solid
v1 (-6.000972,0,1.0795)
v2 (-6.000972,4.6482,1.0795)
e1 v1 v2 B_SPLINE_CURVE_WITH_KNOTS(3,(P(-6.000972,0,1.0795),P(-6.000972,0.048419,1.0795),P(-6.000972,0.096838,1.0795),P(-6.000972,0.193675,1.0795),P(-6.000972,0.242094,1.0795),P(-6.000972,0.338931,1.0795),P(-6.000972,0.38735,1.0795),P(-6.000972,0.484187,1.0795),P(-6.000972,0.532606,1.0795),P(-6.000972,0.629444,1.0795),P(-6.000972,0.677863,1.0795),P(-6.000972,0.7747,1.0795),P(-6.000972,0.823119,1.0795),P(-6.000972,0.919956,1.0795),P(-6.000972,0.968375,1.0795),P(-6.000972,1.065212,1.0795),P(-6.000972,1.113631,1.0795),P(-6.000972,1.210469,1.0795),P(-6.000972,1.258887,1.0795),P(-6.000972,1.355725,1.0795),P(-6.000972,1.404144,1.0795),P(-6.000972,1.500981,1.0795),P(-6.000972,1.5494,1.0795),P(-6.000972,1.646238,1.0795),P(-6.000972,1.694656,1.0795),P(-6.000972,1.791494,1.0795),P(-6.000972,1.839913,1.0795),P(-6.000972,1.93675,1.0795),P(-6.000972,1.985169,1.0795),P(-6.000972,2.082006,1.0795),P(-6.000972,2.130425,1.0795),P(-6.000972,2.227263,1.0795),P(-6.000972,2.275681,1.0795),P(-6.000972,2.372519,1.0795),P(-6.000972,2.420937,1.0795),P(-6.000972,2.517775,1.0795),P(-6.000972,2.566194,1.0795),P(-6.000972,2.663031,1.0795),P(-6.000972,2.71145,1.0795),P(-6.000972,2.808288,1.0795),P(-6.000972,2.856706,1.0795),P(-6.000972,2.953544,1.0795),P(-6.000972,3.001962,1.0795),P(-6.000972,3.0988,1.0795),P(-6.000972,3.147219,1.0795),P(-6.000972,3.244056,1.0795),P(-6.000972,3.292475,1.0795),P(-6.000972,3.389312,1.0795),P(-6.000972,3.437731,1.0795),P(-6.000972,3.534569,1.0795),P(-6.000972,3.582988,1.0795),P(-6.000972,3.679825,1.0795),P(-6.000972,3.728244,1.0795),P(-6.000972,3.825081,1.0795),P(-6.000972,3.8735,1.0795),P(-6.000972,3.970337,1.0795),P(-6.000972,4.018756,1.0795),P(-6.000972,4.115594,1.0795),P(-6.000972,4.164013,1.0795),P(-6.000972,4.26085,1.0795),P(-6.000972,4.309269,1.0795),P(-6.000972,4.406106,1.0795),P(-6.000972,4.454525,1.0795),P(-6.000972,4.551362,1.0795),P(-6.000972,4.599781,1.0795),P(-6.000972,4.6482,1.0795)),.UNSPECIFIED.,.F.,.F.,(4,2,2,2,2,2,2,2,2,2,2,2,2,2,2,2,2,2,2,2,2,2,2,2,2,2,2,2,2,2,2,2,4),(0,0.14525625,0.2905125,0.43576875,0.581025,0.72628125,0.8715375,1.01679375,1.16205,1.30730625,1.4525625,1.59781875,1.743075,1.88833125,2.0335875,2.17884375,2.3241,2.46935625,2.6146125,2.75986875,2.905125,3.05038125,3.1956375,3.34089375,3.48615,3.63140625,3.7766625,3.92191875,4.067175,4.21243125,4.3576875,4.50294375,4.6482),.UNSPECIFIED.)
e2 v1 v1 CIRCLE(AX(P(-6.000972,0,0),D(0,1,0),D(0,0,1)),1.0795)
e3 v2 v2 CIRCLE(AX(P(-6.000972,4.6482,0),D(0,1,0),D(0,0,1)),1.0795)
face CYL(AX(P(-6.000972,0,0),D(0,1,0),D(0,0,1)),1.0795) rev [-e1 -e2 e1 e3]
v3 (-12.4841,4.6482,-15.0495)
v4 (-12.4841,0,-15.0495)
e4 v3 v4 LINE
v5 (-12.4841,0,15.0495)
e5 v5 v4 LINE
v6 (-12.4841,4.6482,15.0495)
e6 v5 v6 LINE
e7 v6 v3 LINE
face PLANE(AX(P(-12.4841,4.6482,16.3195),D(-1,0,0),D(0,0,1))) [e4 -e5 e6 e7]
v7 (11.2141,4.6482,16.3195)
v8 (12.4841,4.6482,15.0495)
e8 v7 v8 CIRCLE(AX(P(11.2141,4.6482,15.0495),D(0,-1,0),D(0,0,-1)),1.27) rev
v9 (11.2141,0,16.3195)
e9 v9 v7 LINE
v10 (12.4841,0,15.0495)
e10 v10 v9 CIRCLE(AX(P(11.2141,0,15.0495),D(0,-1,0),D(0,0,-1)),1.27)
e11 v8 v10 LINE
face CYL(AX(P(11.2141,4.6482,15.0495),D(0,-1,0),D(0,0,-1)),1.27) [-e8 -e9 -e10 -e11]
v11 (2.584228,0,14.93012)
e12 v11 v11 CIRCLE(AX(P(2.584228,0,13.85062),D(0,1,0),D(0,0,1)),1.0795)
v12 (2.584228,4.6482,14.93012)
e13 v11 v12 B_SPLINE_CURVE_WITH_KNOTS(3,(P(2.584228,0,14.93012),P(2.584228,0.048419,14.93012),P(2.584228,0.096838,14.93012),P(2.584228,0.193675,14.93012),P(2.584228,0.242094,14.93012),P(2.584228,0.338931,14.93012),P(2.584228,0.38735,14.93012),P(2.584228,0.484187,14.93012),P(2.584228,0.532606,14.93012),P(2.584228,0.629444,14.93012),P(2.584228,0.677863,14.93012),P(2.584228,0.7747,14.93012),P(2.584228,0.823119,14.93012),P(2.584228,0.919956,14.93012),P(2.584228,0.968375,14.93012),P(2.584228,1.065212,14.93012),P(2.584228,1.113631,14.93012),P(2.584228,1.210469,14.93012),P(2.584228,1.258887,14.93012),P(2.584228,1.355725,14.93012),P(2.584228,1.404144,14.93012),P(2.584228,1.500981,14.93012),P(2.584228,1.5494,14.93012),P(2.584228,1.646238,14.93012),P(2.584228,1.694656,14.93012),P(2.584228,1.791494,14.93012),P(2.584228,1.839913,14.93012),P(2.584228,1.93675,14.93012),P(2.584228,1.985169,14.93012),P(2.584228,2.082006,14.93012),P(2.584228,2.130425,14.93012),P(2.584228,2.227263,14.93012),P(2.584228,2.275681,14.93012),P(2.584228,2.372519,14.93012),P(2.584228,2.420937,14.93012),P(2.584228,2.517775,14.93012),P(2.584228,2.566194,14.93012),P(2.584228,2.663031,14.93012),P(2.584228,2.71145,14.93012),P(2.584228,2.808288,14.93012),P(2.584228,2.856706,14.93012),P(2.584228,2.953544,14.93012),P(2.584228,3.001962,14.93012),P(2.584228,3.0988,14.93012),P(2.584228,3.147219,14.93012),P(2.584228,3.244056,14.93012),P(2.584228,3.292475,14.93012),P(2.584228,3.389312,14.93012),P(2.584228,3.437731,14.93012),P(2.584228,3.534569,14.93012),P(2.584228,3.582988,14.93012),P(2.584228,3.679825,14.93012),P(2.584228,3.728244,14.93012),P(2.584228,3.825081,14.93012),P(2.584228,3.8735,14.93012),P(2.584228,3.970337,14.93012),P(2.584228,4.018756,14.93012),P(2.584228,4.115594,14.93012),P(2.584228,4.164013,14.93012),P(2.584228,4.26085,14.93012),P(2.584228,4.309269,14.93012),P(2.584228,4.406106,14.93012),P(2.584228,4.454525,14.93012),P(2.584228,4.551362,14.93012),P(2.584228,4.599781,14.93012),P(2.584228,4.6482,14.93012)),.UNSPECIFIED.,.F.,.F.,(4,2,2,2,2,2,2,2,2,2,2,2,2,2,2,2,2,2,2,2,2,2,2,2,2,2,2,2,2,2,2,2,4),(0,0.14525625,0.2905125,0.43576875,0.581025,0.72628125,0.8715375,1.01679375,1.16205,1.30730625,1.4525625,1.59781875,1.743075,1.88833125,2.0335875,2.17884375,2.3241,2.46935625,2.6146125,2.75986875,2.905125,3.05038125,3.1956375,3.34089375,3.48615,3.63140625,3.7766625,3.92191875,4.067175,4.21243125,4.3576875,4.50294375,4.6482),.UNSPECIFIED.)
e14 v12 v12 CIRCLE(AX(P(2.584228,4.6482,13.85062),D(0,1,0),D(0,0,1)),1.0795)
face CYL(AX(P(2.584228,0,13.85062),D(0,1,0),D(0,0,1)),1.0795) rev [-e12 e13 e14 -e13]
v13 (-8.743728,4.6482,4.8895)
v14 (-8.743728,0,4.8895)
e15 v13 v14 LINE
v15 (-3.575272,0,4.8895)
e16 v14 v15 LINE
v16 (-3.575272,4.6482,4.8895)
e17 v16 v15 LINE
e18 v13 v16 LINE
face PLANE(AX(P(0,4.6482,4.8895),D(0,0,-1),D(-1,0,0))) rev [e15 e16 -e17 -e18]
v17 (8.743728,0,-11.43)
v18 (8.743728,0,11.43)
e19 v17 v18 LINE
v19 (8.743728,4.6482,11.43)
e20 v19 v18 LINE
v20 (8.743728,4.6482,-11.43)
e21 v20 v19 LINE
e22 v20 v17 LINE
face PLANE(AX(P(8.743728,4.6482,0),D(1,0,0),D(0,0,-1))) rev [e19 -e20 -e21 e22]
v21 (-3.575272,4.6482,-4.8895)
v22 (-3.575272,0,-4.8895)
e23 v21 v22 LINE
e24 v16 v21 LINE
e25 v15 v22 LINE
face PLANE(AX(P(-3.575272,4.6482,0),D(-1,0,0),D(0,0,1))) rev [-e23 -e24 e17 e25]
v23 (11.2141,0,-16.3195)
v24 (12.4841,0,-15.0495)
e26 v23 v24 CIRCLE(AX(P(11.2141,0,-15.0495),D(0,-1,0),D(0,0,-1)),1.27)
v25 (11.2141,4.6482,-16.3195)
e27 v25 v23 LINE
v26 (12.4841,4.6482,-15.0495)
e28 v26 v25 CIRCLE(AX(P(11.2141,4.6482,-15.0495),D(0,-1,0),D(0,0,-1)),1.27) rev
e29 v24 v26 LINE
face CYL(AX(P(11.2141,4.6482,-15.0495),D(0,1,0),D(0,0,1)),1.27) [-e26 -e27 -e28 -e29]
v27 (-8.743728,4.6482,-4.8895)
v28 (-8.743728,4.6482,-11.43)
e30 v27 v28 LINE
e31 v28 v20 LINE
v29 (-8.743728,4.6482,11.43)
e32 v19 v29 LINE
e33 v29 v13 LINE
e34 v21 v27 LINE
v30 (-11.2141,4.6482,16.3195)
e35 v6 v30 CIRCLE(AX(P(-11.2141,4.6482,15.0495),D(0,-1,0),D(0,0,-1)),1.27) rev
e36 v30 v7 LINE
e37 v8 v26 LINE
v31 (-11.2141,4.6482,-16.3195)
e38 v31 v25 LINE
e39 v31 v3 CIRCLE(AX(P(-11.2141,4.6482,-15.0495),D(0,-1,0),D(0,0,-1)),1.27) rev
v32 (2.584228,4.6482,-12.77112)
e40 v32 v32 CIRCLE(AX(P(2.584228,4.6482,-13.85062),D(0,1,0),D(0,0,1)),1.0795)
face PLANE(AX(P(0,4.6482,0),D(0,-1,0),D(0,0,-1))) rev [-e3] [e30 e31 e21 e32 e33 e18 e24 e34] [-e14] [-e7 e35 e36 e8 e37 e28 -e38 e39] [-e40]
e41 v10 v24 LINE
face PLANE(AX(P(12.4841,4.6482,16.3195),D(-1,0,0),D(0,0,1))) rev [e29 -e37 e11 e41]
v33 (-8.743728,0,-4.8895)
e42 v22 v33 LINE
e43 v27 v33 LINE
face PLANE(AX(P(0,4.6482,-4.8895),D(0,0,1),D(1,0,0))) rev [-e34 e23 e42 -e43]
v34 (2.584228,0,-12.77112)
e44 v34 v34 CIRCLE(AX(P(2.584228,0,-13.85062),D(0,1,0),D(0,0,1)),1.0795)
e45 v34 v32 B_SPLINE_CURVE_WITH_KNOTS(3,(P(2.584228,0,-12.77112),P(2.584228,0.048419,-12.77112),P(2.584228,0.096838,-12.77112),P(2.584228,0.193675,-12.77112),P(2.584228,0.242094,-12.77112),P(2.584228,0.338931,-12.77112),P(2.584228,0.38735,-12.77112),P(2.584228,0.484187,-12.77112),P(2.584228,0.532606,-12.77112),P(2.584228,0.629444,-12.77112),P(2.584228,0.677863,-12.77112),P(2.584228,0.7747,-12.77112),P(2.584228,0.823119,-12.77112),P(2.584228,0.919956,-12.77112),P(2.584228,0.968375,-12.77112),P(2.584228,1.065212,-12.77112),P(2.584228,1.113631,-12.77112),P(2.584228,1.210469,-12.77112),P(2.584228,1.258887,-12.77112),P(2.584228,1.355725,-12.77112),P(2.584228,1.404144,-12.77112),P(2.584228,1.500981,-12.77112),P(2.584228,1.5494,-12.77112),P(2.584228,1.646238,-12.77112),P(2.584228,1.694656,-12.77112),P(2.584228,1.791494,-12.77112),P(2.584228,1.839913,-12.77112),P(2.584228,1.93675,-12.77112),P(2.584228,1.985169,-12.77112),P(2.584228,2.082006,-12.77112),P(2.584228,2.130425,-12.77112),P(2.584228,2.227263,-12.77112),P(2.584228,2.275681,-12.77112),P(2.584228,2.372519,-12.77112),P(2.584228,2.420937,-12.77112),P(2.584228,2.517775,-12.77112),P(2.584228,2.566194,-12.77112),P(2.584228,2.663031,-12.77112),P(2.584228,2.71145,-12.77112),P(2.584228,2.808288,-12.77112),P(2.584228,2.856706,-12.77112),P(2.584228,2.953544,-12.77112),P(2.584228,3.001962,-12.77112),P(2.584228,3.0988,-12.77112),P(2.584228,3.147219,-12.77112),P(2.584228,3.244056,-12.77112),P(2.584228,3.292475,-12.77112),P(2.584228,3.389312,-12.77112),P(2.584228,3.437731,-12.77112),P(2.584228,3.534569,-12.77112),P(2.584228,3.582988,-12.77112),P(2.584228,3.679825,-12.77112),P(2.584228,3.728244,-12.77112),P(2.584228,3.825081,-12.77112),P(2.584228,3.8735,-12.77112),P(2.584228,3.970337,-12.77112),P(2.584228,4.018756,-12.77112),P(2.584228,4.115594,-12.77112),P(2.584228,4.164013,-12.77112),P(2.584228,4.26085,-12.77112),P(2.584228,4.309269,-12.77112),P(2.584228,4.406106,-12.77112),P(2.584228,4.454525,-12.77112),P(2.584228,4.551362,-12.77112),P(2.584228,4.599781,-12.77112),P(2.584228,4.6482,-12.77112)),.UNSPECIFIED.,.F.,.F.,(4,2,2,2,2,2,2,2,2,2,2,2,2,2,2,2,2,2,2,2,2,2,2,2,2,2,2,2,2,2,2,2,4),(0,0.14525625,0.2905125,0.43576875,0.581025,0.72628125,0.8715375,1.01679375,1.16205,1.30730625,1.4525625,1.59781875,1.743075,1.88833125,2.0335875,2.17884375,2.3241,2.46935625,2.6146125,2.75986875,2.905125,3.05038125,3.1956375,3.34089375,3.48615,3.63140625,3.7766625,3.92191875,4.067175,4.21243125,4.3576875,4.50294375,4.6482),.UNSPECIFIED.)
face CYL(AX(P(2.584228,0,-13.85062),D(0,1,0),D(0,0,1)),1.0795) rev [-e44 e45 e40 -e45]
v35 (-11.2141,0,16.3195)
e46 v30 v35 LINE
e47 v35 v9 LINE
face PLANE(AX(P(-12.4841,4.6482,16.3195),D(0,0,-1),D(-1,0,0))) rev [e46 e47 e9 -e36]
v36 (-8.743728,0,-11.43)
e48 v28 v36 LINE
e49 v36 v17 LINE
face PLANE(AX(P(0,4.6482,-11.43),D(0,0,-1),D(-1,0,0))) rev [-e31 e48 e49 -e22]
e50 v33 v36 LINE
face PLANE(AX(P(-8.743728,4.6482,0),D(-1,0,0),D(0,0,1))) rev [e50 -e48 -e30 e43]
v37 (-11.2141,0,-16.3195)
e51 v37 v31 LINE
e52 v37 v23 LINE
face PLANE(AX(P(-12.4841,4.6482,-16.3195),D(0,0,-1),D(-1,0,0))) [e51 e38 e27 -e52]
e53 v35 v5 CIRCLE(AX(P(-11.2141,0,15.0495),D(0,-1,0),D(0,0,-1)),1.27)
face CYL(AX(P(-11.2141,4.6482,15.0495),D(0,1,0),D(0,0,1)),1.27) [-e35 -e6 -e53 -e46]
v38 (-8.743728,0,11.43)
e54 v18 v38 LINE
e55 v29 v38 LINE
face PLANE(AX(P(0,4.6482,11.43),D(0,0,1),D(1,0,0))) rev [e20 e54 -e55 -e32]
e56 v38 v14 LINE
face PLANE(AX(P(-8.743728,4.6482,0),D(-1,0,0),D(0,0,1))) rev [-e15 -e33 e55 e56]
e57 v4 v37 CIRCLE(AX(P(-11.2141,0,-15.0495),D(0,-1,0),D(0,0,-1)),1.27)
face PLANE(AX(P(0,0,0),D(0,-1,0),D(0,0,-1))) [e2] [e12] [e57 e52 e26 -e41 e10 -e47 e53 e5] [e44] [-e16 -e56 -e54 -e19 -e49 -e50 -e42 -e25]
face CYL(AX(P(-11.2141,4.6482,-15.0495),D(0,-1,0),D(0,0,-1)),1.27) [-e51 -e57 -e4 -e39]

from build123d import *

# Parameters (mm, degrees)
SKETCH1_W           = 24.9682
SKETCH1_H           = 32.639
BOSS_EXTRUDE1_DEPTH = 4.6482
SKETCH2_R           = 1.0795
CUT_EXTRUDE1_DEPTH  = 4.6482
FILLET1_R           = 1.27


with BuildPart() as part:
    # Sketch1 → Boss-Extrude1 (new body)
    with BuildSketch(Plane(origin=(0, 0, 0), x_dir=(1, 0, 0), z_dir=(0, 1, 0))):
        Rectangle(SKETCH1_W, SKETCH1_H)
        Polygon((8.743727626, 11.43), (8.743727626, -11.43), (-8.743727626, -11.43), (-8.743727626, -4.8895), (-3.575272374, -4.8895), (-3.575272374, 4.8895), (-8.743727626, 4.8895), (-8.743727626, 11.43), align=None, mode=Mode.SUBTRACT)
    extrude(amount=BOSS_EXTRUDE1_DEPTH)

    # Sketch2 → Cut-Extrude1 (cut)
    with BuildSketch(Plane(origin=(0, 4.6482, 0), x_dir=(1, 0, 0), z_dir=(0, 1, 0))):
        with Locations(Location((2.584227626, 13.85062, 0), (0, 0, 270))):
            Circle(SKETCH2_R)
        with Locations(Location((2.584227626, -13.85062, 0), (0, 0, 270))):
            Circle(SKETCH2_R)
        with Locations(Location((-6.000972374, 0, 0), (0, 0, 270))):
            Circle(SKETCH2_R)
    extrude(amount=-CUT_EXTRUDE1_DEPTH, mode=Mode.SUBTRACT)

    # Fillet1
    fillet1_edges = [part.edges().sort_by_distance(p)[0] for p in [
        (-12.4841, 2.3241, 16.3195),
        (12.4841, 2.3241, 16.3195),
        (12.4841, 2.3241, -16.3195),
        (-12.4841, 2.3241, -16.3195),
    ]]
    fillet(fillet1_edges, radius=FILLET1_R)


solid = part.part
